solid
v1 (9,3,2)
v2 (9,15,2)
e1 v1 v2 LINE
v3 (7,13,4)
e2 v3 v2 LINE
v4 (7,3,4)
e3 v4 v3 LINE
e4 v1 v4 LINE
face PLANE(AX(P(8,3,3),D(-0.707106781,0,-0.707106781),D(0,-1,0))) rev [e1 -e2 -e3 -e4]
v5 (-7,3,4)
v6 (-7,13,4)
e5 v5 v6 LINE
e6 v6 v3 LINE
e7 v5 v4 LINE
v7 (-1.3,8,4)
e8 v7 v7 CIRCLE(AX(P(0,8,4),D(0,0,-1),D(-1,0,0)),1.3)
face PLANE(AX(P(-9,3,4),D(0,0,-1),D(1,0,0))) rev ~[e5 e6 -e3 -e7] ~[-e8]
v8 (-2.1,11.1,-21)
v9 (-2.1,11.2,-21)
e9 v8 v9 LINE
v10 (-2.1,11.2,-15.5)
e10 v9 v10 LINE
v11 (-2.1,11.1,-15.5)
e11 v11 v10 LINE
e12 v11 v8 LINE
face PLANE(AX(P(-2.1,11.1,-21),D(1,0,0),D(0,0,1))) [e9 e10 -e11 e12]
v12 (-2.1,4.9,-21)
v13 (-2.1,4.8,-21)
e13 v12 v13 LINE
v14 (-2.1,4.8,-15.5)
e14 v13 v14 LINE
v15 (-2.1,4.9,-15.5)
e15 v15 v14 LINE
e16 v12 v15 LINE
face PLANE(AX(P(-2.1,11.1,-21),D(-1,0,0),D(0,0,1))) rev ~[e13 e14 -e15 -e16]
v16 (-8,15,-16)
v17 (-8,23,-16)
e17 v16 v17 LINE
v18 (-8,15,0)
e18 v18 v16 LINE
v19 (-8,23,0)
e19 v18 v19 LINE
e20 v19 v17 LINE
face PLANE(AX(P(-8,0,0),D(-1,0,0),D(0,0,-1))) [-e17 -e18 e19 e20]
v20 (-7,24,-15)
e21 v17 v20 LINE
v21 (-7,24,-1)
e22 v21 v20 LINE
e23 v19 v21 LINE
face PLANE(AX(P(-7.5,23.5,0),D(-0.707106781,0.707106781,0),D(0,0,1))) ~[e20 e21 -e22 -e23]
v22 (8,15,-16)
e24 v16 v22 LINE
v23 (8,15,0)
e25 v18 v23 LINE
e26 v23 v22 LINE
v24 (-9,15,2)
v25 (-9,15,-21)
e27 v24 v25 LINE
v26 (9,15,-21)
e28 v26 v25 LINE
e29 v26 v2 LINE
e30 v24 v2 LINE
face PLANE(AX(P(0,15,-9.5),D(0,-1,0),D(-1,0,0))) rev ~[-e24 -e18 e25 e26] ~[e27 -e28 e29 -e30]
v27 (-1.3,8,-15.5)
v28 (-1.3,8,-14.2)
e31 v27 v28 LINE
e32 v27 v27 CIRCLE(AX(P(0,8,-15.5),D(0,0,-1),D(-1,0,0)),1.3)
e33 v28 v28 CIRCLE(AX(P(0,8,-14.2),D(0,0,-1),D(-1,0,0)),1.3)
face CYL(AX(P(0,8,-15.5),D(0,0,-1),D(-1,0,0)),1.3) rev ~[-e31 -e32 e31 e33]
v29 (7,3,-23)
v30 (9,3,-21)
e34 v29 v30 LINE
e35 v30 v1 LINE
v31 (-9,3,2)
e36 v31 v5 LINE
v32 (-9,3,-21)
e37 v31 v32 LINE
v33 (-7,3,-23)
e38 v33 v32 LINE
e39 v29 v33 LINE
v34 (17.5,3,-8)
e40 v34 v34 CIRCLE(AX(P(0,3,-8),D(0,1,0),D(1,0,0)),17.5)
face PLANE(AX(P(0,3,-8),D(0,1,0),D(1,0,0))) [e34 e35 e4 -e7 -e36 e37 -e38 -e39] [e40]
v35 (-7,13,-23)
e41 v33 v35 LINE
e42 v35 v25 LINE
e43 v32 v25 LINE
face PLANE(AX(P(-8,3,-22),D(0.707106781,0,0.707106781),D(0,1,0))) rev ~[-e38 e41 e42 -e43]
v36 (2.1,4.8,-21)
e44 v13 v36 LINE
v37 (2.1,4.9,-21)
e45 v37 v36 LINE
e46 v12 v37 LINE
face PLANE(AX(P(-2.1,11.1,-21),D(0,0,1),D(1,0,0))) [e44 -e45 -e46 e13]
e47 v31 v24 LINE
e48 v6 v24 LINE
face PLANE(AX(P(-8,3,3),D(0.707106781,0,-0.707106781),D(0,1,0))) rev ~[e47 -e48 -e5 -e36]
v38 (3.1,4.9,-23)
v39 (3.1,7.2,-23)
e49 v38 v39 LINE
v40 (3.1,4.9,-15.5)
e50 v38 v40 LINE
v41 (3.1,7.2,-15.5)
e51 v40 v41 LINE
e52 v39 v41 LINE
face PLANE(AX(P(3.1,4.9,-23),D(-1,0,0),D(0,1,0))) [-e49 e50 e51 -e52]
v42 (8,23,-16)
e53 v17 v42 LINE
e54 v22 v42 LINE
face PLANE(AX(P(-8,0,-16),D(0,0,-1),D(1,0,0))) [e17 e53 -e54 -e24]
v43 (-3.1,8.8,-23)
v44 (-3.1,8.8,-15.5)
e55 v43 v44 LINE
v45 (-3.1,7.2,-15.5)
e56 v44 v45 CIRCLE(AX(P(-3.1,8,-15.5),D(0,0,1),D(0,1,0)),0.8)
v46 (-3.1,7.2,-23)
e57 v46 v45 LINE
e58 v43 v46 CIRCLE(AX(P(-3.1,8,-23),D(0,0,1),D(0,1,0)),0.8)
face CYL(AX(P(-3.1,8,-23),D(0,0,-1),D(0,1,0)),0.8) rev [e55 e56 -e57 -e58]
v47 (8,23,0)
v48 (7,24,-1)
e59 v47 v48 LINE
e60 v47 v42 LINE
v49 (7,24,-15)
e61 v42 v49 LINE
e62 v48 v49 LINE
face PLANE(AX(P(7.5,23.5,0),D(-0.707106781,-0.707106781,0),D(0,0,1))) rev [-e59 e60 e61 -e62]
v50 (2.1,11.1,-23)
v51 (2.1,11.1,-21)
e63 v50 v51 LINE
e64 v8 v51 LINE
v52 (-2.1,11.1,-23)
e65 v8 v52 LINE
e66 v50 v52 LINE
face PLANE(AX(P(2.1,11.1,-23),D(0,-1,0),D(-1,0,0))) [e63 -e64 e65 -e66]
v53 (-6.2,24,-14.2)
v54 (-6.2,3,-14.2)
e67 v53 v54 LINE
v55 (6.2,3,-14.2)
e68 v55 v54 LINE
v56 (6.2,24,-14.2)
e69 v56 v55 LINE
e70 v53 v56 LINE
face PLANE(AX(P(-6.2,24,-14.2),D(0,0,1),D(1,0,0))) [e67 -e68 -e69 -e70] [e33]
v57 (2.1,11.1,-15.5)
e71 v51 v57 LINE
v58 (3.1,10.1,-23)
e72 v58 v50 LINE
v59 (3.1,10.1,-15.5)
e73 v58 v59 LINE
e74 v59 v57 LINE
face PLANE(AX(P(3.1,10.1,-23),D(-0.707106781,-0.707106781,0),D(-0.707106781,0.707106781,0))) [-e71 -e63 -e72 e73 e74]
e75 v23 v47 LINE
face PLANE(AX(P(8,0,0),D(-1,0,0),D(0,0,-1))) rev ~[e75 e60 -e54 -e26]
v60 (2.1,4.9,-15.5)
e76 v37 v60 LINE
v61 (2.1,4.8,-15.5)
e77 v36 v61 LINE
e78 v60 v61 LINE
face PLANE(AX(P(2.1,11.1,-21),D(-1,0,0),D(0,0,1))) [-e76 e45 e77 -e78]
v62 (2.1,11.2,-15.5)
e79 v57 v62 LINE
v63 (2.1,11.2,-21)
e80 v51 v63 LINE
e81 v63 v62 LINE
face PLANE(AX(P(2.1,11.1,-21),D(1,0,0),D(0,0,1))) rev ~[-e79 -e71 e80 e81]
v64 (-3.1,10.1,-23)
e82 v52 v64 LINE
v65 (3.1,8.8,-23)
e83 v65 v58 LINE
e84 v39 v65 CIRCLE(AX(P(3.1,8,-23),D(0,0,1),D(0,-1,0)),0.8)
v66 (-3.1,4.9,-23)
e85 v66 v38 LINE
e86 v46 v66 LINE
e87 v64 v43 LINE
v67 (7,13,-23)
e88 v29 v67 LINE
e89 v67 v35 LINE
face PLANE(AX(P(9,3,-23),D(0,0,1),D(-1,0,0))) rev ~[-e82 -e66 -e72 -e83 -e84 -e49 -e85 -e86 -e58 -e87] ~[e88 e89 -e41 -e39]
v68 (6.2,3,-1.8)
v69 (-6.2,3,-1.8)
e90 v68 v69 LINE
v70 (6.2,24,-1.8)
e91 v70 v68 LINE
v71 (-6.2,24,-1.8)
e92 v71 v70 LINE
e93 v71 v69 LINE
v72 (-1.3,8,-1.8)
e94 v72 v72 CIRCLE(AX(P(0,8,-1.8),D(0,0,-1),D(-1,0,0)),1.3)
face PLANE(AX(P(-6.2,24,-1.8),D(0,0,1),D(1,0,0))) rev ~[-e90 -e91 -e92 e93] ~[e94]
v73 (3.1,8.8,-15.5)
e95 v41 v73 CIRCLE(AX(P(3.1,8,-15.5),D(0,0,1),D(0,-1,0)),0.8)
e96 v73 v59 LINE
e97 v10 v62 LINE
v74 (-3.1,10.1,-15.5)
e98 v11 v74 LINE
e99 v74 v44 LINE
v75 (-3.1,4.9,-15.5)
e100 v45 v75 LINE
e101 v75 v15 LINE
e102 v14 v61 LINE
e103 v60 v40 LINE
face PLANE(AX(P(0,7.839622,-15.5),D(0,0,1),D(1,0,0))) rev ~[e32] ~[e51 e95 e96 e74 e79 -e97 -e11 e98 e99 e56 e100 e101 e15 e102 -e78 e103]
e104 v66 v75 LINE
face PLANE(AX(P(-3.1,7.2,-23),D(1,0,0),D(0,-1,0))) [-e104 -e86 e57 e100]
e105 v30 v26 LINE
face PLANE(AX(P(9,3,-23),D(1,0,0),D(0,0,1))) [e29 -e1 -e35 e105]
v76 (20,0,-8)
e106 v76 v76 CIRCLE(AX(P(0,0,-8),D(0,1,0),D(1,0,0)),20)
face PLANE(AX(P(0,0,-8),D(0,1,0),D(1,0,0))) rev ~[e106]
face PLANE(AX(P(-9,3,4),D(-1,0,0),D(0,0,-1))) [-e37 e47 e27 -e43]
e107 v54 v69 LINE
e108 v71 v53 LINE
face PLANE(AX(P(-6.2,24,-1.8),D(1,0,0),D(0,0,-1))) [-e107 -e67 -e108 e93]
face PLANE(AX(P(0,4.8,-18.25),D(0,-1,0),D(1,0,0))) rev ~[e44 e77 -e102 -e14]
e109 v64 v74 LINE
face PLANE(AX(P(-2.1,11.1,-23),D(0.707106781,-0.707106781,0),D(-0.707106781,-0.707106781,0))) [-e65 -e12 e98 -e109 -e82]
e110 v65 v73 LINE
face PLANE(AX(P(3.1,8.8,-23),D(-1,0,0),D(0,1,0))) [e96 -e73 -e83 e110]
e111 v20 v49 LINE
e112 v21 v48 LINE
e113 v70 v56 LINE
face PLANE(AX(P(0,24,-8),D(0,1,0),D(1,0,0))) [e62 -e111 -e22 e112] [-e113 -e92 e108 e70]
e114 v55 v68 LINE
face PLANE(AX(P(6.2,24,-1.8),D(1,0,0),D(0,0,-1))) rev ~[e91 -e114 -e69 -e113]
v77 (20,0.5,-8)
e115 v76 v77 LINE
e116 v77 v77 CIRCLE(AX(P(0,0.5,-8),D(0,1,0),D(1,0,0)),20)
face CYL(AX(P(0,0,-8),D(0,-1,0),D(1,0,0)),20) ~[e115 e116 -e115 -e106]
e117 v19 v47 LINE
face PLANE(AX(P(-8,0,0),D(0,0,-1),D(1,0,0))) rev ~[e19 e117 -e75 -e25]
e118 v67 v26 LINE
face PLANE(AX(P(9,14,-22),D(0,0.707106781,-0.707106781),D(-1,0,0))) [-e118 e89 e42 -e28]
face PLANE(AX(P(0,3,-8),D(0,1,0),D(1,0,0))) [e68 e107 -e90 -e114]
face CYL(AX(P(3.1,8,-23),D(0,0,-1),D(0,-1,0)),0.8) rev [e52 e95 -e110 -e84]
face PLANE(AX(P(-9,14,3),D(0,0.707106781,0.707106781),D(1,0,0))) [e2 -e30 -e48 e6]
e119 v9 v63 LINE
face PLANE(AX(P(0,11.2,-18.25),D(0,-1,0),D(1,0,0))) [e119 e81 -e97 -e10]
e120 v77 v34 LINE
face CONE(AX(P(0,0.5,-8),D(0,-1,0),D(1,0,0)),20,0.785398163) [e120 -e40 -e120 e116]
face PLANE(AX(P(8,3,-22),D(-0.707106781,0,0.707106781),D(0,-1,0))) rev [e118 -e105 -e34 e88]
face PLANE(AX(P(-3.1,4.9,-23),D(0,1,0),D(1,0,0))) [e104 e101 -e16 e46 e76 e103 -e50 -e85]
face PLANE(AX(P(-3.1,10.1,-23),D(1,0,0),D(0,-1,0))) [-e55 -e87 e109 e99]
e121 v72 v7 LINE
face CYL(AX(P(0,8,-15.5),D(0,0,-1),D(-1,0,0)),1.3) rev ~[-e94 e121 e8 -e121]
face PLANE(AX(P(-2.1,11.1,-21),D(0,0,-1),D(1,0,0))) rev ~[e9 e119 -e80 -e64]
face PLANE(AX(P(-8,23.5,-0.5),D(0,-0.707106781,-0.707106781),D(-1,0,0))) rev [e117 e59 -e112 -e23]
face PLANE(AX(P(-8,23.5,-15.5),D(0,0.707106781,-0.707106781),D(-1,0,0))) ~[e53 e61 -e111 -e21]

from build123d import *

# Parameters (mm, degrees)
SKETCH1_W               = 16
SKETCH1_H               = 16
BOSS_EXTRUDE1_DEPTH     = 24
SKETCH12_W              = 12.4
SKETCH12_H              = 12.4
CUT_EXTRUDE6_DEPTH      = 22
SKETCH13_R              = 20
BOSS_EXTRUDE2_DEPTH     = 3
CHAMFER1_SIZE           = 2.5
SKETCH14_W              = 16
SKETCH14_H              = 16
BOSS_EXTRUDE3_DEPTH     = 12
CUT_EXTRUDE1_DEPTH      = 7.5
SKETCH11_W              = 4.2
SKETCH11_H              = 5.5
CUT_EXTRUDE5_DEPTH      = 6.3
CUT_EXTRUDE5_DEPTH_BACK = 0.1
CHAMFER2_SIZE           = 2
CHAMFER4_SIZE           = 2
SKETCH15_R              = 1.3
CUT_EXTRUDE7_DEPTH      = 28.5
CHAMFER5_SIZE           = 1


with BuildPart() as part:
    # Sketch1 → Boss-Extrude1 (new body)
    with BuildSketch(Plane(origin=(0, 0, 0), x_dir=(1, 0, 0), z_dir=(0, 1, 0))):
        with Locations((0, 8)):
            Rectangle(SKETCH1_W, SKETCH1_H)
    extrude(amount=BOSS_EXTRUDE1_DEPTH)

    # Sketch12 → Cut-Extrude6 (cut)
    with BuildSketch(Plane(origin=(0, 24, 0), x_dir=(1, 0, 0), z_dir=(0, 1, 0))):
        with Locations((0, 8)):
            Rectangle(SKETCH12_W, SKETCH12_H)
    extrude(amount=-CUT_EXTRUDE6_DEPTH, mode=Mode.SUBTRACT)

    # Sketch13 → Boss-Extrude2 (add)
    with BuildSketch(Plane(origin=(0, 0, 0), x_dir=(1, 0, 0), z_dir=(0, 1, 0))):
        with Locations((0, 8)):
            Circle(SKETCH13_R)
    extrude(amount=BOSS_EXTRUDE2_DEPTH)

    # Chamfer1
    chamfer1_edges = [part.edges().sort_by_distance(p)[0] for p in [
        (-20, 3, -8),
    ]]
    chamfer(chamfer1_edges, length=CHAMFER1_SIZE)

    # Sketch14 → Boss-Extrude3 (add)
    with BuildSketch(Plane(origin=(0, 3, 0), x_dir=(1, 0, 0), z_dir=(0, 1, 0))):
        Polygon((-8, 23), (8, 23), (9, 23), (9, -4), (8, -4), (-8, -4), (-9, -4), (-9, 23), align=None)
        with Locations((0, 8)):
            Rectangle(SKETCH14_W, SKETCH14_H, mode=Mode.SUBTRACT)
    extrude(amount=BOSS_EXTRUDE3_DEPTH)

    # Sketch5 → Cut-Extrude1 (cut)
    with BuildSketch(Plane(origin=(0, 0, -23), x_dir=(-1, 0, 0), z_dir=(0, 0, -1))):
        with BuildLine():
            Line((-2.1, 11.1), (2.1, 11.1))
            Line((2.1, 11.1), (3.1, 10.1))
            Line((3.1, 10.1), (3.1, 8.8))
            ThreePointArc((3.1, 8.8), (3.9, 8), (3.1, 7.2))
            Line((3.1, 7.2), (3.1, 4.9))
            Line((3.1, 4.9), (-3.1, 4.9))
            Line((-3.1, 4.9), (-3.1, 7.2))
            ThreePointArc((-3.1, 7.2), (-3.9, 8), (-3.1, 8.8))
            Line((-3.1, 8.8), (-3.1, 10.1))
            Line((-3.1, 10.1), (-2.1, 11.1))
        make_face()
    extrude(amount=-CUT_EXTRUDE1_DEPTH, mode=Mode.SUBTRACT)

    # Sketch11 → Cut-Extrude5 (cut, two sides)
    with BuildSketch(Plane.XZ.offset(-11.1)) as cut_extrude5_sk:
        with Locations((0, -18.25)):
            Rectangle(SKETCH11_W, SKETCH11_H)
    extrude(amount=CUT_EXTRUDE5_DEPTH, mode=Mode.SUBTRACT)
    extrude(cut_extrude5_sk.sketch, amount=-CUT_EXTRUDE5_DEPTH_BACK, mode=Mode.SUBTRACT)

    # Chamfer2
    chamfer2_edges = [part.edges().sort_by_distance(p)[0] for p in [
        (0, 15, -23),
        (9, 9, -23),
        (-9, 9, -23),
    ]]
    chamfer(chamfer2_edges, length=CHAMFER2_SIZE)

    # Chamfer4
    chamfer4_edges = [part.edges().sort_by_distance(p)[0] for p in [
        (0, 15, 4),
        (-9, 9, 4),
        (9, 9, 4),
    ]]
    chamfer(chamfer4_edges, length=CHAMFER4_SIZE)

    # Sketch15 → Cut-Extrude7 (cut, through all)
    with BuildSketch(Plane(origin=(0, 0, -15.5), x_dir=(-1, 0, 0), z_dir=(0, 0, -1))):
        with Locations((0, 8)):
            Circle(SKETCH15_R)
    extrude(amount=-CUT_EXTRUDE7_DEPTH, mode=Mode.SUBTRACT)

    # Chamfer5
    chamfer5_edges = [part.edges().sort_by_distance(p)[0] for p in [
        (0, 24, -16),
        (-8, 24, -8),
        (0, 24, 0),
        (8, 24, -8),
    ]]
    chamfer(chamfer5_edges, length=CHAMFER5_SIZE)


solid = part.part
